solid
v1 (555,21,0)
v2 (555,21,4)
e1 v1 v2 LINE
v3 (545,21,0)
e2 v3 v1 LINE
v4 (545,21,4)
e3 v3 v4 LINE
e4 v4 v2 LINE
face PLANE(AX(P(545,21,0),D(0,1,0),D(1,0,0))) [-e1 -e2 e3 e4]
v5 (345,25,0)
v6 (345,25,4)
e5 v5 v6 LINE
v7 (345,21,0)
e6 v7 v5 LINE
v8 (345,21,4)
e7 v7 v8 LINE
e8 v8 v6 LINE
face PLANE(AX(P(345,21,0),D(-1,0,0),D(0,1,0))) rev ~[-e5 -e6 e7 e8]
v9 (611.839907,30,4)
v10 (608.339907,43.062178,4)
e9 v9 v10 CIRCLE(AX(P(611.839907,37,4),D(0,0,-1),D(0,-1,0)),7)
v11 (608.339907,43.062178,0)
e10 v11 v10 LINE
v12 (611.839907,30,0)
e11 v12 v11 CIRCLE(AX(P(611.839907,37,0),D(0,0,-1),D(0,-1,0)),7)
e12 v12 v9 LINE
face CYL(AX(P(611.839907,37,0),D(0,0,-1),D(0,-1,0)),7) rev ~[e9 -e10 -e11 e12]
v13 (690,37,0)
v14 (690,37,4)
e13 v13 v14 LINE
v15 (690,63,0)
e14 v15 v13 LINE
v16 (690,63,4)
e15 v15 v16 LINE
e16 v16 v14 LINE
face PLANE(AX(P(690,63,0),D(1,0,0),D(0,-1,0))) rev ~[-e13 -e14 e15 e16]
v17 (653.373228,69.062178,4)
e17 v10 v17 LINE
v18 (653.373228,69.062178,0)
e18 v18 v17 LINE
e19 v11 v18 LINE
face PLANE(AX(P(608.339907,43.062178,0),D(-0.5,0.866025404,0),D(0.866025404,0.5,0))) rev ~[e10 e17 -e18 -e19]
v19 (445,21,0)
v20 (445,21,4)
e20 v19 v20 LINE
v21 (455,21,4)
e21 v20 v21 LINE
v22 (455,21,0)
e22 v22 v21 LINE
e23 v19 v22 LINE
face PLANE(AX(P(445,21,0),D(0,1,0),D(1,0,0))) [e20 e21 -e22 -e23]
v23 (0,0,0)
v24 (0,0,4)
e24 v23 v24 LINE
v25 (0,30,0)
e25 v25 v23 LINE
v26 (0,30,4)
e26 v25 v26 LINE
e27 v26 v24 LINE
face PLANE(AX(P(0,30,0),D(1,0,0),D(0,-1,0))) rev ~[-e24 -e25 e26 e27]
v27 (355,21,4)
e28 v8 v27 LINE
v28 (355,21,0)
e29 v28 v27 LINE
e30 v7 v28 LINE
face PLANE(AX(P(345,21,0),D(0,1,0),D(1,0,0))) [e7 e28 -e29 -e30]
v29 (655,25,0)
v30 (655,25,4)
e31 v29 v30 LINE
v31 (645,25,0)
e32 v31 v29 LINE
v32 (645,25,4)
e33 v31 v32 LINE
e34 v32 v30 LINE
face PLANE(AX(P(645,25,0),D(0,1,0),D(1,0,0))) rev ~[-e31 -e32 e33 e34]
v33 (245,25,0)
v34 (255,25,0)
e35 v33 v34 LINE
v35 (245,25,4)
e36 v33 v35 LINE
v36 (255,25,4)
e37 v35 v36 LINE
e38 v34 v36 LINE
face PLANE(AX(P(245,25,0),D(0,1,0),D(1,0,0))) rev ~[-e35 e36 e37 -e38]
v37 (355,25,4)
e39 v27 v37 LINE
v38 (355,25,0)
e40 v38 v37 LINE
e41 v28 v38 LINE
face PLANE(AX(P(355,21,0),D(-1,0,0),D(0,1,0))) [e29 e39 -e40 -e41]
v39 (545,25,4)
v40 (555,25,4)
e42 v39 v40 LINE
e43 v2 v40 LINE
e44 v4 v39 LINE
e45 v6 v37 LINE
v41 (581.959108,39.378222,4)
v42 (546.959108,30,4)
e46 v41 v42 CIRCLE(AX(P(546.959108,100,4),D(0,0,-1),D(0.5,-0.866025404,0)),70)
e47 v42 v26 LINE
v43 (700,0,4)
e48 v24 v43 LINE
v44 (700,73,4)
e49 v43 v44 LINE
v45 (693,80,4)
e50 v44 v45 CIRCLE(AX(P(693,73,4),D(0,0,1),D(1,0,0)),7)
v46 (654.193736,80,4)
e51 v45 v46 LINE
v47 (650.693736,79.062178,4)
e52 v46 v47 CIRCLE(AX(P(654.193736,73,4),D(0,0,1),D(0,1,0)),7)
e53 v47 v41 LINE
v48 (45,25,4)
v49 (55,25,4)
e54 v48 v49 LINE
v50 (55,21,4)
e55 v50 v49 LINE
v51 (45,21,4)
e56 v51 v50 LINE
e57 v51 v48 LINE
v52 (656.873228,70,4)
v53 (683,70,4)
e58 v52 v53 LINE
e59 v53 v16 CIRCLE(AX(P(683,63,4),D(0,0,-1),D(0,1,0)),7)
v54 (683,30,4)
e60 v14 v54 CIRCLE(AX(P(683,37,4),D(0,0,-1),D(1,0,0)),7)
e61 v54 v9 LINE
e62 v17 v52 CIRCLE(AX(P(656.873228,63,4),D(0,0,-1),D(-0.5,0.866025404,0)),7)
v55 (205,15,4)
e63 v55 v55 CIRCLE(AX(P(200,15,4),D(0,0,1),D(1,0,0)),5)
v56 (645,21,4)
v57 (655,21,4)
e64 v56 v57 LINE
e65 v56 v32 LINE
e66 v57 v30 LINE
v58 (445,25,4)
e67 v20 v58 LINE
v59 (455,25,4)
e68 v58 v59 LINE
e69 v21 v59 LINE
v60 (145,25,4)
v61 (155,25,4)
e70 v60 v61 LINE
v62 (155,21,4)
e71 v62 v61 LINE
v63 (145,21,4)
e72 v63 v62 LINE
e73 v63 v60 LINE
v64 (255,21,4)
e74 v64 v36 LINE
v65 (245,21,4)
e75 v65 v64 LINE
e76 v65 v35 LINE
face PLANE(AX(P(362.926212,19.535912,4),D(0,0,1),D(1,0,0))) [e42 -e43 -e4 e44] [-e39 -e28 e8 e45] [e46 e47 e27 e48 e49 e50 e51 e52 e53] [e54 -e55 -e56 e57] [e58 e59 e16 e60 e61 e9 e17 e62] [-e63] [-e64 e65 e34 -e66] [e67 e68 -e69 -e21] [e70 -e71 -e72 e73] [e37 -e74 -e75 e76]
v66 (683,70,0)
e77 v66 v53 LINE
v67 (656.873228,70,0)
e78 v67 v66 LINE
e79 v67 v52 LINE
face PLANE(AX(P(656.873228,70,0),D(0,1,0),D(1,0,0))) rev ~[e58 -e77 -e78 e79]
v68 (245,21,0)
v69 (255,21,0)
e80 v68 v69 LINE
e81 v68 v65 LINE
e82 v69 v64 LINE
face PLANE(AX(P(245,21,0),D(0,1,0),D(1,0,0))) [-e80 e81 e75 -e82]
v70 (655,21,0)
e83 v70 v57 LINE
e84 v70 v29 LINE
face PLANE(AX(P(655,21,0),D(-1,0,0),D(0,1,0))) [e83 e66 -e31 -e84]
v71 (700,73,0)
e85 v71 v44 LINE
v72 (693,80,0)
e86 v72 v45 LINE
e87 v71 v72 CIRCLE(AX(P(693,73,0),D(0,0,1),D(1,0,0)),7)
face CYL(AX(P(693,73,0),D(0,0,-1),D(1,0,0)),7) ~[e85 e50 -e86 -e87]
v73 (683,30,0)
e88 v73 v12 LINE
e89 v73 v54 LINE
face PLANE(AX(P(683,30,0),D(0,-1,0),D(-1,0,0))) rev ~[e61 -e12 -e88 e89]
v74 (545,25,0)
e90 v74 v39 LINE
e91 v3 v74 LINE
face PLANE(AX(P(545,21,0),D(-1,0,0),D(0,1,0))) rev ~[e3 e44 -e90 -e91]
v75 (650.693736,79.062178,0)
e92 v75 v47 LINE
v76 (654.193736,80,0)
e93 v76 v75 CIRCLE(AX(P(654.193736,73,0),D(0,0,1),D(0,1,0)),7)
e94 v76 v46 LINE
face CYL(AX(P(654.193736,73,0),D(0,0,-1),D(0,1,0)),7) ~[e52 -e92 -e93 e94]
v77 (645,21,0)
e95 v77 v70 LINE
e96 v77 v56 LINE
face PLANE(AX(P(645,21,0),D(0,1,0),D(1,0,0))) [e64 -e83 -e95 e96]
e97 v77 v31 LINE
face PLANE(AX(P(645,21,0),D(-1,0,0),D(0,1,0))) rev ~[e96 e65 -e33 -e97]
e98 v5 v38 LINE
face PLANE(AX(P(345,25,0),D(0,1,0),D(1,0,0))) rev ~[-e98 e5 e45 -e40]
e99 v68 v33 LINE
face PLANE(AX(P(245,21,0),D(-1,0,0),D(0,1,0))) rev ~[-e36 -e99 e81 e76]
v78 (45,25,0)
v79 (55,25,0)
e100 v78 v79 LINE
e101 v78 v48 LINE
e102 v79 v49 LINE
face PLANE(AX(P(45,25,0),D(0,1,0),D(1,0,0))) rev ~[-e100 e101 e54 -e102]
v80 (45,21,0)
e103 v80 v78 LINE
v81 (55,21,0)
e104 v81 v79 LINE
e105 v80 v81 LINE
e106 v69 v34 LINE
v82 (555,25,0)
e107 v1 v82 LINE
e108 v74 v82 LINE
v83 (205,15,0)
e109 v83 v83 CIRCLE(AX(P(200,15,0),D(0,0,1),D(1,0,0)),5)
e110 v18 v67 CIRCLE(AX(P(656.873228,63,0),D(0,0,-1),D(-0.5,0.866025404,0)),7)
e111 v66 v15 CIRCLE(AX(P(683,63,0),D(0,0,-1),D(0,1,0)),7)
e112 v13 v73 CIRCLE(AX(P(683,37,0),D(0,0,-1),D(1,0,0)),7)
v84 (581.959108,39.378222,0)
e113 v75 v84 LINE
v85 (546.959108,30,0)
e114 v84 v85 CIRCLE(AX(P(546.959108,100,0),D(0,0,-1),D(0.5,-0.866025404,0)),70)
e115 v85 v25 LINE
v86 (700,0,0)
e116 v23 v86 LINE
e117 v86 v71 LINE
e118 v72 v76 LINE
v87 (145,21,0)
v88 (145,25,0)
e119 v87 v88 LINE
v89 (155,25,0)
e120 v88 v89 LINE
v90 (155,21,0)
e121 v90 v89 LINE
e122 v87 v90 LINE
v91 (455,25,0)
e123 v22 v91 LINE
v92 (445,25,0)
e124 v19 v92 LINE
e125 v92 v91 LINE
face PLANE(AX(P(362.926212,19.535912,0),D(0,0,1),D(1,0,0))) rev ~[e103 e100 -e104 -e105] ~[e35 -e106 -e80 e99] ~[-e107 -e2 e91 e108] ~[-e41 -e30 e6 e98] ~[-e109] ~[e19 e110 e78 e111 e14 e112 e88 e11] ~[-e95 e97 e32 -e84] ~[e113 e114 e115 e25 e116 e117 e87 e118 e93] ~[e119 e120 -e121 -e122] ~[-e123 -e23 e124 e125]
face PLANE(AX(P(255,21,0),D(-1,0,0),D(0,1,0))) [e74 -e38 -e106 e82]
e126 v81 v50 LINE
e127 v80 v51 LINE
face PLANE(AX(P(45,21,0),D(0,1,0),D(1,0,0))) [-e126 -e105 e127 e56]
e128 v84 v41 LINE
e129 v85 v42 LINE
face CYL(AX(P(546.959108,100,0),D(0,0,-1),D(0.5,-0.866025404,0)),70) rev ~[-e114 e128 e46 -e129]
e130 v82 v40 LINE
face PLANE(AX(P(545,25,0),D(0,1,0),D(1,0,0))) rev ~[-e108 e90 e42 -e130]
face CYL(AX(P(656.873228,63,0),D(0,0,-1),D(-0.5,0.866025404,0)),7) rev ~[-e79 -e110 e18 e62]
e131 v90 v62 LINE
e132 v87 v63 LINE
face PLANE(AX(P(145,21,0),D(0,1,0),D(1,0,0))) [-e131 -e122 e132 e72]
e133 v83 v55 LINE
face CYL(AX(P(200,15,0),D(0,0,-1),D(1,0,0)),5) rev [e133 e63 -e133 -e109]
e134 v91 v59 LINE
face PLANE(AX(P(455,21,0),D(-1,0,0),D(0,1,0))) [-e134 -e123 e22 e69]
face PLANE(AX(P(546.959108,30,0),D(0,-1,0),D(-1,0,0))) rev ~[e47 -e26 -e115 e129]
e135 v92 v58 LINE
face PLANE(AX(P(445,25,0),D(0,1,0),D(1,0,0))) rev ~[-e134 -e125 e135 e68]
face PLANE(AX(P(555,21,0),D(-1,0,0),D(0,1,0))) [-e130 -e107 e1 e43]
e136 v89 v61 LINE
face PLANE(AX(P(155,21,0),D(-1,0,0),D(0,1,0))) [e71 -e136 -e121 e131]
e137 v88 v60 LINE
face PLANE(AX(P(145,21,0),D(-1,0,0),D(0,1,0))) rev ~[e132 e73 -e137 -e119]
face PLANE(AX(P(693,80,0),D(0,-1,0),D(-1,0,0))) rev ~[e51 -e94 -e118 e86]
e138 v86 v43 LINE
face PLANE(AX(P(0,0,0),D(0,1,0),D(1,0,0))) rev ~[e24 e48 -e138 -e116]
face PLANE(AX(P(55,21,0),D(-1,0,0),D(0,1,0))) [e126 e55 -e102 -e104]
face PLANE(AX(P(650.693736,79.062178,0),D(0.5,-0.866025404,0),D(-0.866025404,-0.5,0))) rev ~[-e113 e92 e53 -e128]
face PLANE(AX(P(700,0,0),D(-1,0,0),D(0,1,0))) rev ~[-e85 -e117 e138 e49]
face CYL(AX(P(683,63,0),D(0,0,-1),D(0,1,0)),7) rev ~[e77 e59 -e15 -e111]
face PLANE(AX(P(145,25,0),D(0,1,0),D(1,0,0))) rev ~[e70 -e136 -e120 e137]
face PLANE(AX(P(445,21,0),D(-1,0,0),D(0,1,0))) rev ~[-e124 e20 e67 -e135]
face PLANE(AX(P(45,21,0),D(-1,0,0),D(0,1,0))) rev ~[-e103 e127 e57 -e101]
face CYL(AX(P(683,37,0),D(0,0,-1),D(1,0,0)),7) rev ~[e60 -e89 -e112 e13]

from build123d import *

# Parameters (mm, degrees)
SCHIZZO1_R                   = 5
SCHIZZO1_W                   = 10
SCHIZZO1_H                   = 4
ESTRUSIONE_ESTRUSIONE3_DEPTH = 4


with BuildPart() as part:
    # Schizzo1 → Estrusione-Estrusione3 (new body)
    with BuildSketch(Plane.XY):
        with BuildLine():
            Line((0, 0), (700, 0))
            Line((700, 0), (700, 30))
            Line((700, 30), (700, 73))
            ThreePointArc((700, 73), (697.949747468, 77.949747468), (693, 80))
            Line((693, 80), (654.193736081, 80))
            ThreePointArc((654.193736081, 80), (652.382002765, 79.761480784), (650.693736081, 79.062177826))
            Line((650.693736081, 79.062177826), (581.959107885, 39.378221735))
            ThreePointArc((581.959107885, 39.378221735), (565.076441043, 32.38519216), (546.959107885, 30))
            Line((546.959107885, 30), (0, 30))
            Line((0, 30), (0, 0))
        make_face()
        with Locations((200, 15)):
            Circle(SCHIZZO1_R, mode=Mode.SUBTRACT)
        with Locations((150, 23)):
            Rectangle(SCHIZZO1_W, SCHIZZO1_H, mode=Mode.SUBTRACT)
        with Locations((50, 23)):
            Rectangle(SCHIZZO1_W, SCHIZZO1_H, mode=Mode.SUBTRACT)
        with Locations((250, 23)):
            Rectangle(SCHIZZO1_W, SCHIZZO1_H, mode=Mode.SUBTRACT)
        with Locations((350, 23)):
            Rectangle(SCHIZZO1_W, SCHIZZO1_H, mode=Mode.SUBTRACT)
        with Locations((450, 23)):
            Rectangle(SCHIZZO1_W, SCHIZZO1_H, mode=Mode.SUBTRACT)
        with Locations((550, 23)):
            Rectangle(SCHIZZO1_W, SCHIZZO1_H, mode=Mode.SUBTRACT)
        with Locations((650, 23)):
            Rectangle(SCHIZZO1_W, SCHIZZO1_H, mode=Mode.SUBTRACT)
        with BuildLine():
            Line((690, 63), (690, 37))
            ThreePointArc((690, 37), (687.949747468, 32.050252532), (683, 30))
            Line((683, 30), (611.839907009, 30))
            ThreePointArc((611.839907009, 30), (605.078426225, 35.188266684), (608.339907009, 43.062177826))
            Line((608.339907009, 43.062177826), (653.373228005, 69.062177826))
            ThreePointArc((653.373228005, 69.062177826), (655.06149469, 69.761480784), (656.873228005, 70))
            Line((656.873228005, 70), (683, 70))
            ThreePointArc((683, 70), (687.949747468, 67.949747468), (690, 63))
        make_face(mode=Mode.SUBTRACT)
    extrude(amount=ESTRUSIONE_ESTRUSIONE3_DEPTH)


solid = part.part
